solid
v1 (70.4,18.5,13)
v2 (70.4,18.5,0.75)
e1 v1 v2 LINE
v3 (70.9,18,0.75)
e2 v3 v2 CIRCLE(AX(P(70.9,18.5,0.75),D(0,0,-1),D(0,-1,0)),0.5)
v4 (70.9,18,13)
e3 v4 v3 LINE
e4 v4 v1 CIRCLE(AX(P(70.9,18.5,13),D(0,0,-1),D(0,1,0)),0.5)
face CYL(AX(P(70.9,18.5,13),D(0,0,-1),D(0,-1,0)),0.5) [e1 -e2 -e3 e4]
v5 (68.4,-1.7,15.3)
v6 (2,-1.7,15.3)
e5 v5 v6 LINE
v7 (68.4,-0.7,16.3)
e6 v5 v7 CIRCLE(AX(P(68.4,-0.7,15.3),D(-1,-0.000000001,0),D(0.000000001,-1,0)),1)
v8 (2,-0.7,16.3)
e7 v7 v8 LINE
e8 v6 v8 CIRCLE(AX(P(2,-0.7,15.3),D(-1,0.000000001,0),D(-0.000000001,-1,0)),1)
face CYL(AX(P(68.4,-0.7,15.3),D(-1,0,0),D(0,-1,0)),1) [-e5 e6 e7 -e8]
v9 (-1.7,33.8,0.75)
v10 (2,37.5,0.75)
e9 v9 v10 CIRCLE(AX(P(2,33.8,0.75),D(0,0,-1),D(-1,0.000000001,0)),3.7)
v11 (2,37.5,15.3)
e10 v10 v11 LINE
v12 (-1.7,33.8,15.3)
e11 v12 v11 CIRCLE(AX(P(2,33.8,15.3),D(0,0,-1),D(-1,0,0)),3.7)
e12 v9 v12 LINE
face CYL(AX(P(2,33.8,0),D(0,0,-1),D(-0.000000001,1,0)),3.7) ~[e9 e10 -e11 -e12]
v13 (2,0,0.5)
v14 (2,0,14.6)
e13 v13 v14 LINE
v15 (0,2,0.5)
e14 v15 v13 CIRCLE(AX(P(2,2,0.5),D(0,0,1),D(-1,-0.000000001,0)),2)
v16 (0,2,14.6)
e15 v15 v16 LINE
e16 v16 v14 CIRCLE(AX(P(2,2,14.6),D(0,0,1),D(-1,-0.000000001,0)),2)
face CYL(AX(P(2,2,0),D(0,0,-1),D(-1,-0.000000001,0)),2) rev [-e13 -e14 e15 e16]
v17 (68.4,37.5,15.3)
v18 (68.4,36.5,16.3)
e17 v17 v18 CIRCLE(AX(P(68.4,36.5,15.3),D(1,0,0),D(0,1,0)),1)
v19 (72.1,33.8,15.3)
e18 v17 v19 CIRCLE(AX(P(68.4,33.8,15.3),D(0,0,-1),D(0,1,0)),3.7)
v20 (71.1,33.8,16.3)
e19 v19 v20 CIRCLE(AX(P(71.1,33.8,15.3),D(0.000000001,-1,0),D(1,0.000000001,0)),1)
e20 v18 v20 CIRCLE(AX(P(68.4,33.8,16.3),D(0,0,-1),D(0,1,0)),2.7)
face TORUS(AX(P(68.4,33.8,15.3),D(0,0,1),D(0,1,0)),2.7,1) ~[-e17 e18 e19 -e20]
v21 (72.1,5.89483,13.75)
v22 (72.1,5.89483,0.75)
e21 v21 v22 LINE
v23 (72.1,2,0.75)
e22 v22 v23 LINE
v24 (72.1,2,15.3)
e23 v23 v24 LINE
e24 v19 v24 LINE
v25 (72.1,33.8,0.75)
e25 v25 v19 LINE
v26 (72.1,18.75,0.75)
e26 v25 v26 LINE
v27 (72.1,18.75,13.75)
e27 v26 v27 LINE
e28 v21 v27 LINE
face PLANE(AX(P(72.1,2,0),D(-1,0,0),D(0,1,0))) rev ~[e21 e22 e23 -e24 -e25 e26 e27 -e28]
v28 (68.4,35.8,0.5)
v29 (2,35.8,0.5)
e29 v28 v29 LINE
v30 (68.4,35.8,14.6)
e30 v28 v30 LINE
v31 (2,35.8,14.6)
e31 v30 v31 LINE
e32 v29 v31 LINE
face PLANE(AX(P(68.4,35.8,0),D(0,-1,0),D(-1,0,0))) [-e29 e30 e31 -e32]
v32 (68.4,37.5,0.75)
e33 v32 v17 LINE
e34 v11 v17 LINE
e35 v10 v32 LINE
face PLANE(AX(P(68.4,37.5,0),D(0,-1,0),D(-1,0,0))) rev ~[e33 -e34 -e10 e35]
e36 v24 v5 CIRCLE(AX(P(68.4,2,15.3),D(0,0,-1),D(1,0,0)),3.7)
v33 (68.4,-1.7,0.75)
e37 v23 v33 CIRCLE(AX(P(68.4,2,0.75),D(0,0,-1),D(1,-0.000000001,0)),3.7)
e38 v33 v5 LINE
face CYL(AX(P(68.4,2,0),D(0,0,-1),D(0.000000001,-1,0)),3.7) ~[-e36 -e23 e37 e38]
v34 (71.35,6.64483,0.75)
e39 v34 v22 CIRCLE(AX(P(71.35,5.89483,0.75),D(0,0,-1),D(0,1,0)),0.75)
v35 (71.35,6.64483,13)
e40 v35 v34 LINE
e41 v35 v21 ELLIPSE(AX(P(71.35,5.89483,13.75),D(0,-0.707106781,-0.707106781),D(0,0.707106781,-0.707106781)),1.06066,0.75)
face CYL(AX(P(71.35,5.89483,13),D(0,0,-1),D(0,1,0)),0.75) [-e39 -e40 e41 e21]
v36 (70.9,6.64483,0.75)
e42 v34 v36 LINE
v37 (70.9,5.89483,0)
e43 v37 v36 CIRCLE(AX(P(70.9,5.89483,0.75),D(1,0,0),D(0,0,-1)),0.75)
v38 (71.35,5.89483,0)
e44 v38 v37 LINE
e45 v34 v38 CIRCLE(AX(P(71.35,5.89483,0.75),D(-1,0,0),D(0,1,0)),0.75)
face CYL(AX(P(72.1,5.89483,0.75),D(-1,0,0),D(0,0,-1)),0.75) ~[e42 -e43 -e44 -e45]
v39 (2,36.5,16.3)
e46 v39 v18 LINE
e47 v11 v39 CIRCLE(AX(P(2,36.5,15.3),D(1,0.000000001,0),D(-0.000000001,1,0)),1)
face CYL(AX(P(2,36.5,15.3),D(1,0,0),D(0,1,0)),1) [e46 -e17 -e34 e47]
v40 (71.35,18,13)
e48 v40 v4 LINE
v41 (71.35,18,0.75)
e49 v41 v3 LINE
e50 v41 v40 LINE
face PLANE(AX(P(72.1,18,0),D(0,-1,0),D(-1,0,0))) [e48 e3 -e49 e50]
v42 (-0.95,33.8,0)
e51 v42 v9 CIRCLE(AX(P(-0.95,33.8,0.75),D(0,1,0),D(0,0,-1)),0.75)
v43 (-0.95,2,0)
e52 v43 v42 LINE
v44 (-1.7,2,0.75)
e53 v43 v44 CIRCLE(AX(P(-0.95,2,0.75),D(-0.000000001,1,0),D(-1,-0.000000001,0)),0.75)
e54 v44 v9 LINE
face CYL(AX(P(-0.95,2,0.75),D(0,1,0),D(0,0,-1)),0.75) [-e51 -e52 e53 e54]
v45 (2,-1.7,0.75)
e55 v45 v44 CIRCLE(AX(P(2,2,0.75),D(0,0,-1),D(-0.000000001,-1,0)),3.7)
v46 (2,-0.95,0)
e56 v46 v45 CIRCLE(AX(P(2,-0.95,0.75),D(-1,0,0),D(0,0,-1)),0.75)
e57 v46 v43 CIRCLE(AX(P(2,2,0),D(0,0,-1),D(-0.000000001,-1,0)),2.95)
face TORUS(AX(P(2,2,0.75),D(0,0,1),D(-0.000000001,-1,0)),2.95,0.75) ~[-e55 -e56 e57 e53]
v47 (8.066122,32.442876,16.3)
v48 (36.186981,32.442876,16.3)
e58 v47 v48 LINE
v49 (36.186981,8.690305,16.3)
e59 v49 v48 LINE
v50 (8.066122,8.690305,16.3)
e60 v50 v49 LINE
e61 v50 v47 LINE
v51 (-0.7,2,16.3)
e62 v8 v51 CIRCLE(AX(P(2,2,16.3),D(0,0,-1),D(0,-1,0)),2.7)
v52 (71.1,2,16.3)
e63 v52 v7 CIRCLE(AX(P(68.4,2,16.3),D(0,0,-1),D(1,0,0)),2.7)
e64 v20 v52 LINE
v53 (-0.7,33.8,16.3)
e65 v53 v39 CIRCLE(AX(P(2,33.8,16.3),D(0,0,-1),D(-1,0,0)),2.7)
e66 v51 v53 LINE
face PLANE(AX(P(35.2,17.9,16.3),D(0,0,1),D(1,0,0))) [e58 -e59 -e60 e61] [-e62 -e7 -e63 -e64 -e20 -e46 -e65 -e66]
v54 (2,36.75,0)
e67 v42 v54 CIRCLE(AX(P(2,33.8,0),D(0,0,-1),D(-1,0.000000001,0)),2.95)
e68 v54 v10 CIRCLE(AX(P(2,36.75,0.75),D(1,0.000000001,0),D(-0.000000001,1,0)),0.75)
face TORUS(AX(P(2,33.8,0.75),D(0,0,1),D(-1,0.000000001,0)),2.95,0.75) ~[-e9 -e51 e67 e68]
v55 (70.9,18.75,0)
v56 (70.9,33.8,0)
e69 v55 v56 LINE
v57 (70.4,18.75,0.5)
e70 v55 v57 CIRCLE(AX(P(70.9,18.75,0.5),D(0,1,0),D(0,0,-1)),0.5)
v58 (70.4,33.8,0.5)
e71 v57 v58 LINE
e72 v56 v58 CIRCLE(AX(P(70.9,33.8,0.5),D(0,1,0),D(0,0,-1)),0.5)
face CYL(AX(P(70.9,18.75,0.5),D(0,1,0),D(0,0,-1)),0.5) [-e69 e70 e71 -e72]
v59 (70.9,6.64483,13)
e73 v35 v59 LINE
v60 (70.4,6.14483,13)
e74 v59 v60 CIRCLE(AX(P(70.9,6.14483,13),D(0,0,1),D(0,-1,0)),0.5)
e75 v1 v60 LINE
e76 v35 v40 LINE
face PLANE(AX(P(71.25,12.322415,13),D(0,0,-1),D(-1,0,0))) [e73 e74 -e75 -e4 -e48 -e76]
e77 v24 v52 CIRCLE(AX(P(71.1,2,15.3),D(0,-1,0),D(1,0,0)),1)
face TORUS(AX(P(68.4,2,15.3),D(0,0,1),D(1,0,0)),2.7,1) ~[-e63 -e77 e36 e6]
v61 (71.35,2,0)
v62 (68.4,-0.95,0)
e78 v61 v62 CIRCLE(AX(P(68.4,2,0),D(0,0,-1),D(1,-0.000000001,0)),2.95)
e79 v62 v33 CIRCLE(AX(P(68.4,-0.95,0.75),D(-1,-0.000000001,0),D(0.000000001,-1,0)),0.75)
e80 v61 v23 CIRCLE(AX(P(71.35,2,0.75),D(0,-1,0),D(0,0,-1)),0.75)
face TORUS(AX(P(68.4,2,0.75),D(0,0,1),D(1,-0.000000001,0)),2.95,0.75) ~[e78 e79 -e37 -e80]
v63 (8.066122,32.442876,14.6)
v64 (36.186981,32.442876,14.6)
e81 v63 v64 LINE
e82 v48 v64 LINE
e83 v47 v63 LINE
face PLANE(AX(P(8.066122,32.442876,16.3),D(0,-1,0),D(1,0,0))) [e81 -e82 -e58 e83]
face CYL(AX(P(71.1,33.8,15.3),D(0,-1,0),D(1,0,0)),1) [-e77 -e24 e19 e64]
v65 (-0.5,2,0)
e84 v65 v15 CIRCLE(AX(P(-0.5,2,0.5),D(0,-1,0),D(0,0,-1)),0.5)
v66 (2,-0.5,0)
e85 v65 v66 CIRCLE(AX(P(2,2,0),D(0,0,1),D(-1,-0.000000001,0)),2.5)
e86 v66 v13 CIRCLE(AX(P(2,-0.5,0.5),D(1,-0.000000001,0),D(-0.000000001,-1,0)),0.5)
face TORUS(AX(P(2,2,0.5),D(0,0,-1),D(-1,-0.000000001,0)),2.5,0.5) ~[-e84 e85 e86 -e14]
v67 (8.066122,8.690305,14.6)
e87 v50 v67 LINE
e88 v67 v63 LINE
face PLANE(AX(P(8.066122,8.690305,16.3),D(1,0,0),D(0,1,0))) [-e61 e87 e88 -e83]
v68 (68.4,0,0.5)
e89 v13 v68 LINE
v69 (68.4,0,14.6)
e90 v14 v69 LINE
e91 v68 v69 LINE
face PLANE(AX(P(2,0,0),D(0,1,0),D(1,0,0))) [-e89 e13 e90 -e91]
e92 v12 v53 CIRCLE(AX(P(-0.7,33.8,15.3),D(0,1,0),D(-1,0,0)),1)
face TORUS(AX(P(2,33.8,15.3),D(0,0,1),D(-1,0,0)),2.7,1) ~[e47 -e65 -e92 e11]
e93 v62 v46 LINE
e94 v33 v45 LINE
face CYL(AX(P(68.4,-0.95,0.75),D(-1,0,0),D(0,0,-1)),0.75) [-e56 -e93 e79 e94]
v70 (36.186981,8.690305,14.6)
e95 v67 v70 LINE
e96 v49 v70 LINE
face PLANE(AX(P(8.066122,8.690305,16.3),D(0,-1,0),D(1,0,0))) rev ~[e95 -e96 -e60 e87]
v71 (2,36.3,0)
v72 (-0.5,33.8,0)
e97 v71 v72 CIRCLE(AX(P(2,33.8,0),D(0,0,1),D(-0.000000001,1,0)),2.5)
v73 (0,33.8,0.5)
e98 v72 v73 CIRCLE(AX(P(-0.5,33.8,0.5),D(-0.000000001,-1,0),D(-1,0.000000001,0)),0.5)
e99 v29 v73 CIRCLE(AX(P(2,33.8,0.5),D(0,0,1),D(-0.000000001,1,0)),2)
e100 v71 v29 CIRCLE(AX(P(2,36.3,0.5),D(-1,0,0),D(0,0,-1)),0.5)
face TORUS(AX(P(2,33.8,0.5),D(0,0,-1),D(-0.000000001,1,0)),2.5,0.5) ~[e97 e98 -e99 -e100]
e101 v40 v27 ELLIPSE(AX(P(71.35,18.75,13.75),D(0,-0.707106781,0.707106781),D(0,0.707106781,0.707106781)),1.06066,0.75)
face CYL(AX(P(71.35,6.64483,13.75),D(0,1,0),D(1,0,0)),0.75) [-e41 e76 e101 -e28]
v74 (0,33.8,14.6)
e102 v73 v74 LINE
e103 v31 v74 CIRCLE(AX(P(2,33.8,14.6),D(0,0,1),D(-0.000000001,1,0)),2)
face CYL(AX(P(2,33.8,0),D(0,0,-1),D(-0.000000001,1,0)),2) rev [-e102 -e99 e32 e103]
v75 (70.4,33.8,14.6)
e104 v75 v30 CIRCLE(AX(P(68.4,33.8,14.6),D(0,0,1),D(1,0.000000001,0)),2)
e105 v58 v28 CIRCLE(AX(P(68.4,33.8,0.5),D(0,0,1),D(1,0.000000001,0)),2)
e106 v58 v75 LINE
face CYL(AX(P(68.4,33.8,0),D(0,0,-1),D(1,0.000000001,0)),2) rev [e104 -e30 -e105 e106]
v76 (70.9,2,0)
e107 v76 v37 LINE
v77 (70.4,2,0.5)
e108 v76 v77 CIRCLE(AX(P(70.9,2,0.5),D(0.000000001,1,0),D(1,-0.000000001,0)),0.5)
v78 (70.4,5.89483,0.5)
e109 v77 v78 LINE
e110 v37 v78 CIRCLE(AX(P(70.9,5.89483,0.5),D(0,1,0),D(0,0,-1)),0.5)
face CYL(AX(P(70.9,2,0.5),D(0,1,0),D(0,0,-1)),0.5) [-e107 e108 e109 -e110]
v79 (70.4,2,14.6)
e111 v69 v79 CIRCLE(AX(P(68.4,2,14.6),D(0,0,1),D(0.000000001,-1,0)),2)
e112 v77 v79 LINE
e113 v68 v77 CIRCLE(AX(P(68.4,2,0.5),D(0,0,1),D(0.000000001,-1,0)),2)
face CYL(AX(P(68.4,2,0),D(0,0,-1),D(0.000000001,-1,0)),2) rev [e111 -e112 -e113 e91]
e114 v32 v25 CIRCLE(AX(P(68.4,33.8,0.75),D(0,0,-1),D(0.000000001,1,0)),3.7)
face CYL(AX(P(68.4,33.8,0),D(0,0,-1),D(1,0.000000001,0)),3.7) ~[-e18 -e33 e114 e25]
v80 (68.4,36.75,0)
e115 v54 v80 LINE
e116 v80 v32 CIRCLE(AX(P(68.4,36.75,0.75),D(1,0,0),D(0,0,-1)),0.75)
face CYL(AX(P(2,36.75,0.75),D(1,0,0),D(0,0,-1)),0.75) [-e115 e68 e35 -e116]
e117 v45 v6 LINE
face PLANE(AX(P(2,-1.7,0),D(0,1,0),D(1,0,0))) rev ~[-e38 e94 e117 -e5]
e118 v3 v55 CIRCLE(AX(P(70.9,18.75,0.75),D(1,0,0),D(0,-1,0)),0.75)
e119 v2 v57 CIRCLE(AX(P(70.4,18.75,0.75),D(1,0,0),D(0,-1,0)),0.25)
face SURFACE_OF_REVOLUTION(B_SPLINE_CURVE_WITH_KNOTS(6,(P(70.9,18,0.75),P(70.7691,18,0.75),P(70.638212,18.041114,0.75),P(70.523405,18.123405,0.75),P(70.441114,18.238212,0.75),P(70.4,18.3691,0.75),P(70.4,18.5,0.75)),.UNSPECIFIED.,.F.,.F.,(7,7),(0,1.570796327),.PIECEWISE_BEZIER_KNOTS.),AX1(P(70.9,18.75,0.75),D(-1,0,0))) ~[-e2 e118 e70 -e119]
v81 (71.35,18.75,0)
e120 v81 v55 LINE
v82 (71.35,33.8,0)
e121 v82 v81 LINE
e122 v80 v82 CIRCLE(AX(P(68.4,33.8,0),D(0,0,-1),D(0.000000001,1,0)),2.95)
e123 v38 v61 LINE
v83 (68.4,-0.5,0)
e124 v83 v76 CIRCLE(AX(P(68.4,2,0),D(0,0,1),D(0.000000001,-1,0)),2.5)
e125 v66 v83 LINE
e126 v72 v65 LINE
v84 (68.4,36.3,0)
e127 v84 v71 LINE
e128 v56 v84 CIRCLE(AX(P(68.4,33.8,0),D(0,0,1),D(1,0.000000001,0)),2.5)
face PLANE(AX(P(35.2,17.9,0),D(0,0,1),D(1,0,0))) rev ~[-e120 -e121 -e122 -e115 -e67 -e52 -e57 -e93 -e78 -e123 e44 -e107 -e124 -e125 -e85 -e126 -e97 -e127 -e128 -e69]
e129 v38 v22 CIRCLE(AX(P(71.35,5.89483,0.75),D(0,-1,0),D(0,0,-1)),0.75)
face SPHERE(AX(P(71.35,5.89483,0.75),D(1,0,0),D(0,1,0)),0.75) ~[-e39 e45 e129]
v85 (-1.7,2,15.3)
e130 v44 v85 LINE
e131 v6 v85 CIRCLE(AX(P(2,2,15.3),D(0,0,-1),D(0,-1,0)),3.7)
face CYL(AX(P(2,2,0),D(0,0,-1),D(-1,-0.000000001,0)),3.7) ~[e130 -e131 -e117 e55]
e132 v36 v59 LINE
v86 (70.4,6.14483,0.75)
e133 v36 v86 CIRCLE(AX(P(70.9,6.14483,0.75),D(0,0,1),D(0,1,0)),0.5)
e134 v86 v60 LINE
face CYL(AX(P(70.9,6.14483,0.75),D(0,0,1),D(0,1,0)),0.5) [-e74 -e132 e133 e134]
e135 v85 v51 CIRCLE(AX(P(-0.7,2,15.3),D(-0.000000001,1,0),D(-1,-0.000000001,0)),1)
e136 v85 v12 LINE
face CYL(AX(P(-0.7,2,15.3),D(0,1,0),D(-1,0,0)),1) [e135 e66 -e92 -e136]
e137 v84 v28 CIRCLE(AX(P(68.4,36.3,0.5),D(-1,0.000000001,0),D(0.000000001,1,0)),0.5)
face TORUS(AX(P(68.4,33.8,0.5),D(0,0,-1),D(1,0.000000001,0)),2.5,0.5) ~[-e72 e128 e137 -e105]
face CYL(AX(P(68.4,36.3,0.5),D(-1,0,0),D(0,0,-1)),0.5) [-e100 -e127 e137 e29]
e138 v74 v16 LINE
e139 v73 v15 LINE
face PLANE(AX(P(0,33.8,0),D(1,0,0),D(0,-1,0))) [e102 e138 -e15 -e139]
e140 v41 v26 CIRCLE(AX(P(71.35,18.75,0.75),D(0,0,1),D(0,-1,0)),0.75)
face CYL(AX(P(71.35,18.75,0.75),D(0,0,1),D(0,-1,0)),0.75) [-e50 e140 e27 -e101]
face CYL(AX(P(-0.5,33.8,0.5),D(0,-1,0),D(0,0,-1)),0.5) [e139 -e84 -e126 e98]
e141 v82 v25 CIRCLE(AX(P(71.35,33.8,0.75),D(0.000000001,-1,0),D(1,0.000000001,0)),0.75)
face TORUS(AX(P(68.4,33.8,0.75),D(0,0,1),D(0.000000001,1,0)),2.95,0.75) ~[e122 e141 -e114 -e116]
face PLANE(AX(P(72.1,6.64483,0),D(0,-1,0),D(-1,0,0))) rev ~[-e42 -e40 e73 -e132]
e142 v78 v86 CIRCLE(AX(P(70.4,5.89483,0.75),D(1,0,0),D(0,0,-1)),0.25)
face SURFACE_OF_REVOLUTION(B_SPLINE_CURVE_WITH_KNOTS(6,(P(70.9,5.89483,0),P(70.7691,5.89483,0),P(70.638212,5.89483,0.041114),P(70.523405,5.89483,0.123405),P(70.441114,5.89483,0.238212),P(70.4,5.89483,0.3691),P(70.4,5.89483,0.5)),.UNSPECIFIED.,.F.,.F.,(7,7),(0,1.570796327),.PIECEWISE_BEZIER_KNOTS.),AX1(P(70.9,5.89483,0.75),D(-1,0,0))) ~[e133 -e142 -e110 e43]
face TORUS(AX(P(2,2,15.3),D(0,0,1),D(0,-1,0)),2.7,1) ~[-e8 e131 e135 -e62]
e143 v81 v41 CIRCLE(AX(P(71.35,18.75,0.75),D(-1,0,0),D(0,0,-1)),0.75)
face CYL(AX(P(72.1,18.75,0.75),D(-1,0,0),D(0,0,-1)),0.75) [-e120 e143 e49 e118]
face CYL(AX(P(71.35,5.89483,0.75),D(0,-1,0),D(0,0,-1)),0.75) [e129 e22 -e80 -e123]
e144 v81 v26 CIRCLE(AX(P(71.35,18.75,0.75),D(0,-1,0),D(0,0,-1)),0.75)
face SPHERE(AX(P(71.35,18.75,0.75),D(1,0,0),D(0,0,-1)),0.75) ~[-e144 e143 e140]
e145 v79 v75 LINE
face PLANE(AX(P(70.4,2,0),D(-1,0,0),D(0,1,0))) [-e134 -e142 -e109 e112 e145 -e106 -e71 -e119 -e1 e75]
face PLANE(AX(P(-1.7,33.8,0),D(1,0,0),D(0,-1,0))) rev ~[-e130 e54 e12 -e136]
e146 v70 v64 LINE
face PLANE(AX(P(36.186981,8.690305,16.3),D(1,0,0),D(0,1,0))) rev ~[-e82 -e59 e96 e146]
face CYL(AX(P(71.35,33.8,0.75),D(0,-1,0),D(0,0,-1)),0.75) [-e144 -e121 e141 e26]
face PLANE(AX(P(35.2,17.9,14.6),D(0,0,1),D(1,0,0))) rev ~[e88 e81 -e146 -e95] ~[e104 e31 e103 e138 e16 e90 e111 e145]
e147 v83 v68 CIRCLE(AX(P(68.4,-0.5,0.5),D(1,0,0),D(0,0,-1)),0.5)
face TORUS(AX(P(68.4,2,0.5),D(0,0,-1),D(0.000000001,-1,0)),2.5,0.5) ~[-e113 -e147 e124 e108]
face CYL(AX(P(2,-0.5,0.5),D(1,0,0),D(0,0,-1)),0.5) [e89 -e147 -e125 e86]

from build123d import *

# Parameters (mm, degrees)
BOSS_EXTRU_1_DEPTH      = 14.6
COQUE1_T                = 1.7
ESQUISSE7_W             = 1.7
ESQUISSE7_H             = 11.355170452
ENL_V_MAT_EXTRU_2_DEPTH = 13
CONG_2_R                = 0.75
ESQUISSE9_W             = 28.120859144
ESQUISSE9_H             = 23.752570345
ENL_V_MAT_EXTRU_3_DEPTH = 3
CONG_4_R                = 1
CONG_5_R                = 0.75
CONG_6_R                = 0.5


with BuildPart() as part:
    # Esquisse1 → Boss.-Extru.1 (new body)
    with BuildSketch(Plane.XY):
        with BuildLine():
            Line((2, 0), (68.4, 0))
            ThreePointArc((68.4, 0), (69.814213562, 0.585786438), (70.4, 2))
            Line((70.4, 2), (70.4, 33.8))
            ThreePointArc((70.4, 33.8), (69.814213562, 35.214213562), (68.4, 35.8))
            Line((68.4, 35.8), (2, 35.8))
            ThreePointArc((2, 35.8), (0.585786438, 35.214213562), (0, 33.8))
            Line((0, 33.8), (0, 2))
            ThreePointArc((0, 2), (0.585786438, 0.585786438), (2, 0))
        make_face()
    extrude(amount=BOSS_EXTRU_1_DEPTH)

    # Coque1
    coque1_openings = [part.faces().sort_by_distance(p)[0] for p in [
        (35.2, 17.9, 0),
    ]]
    offset(amount=COQUE1_T, openings=coque1_openings, kind=Kind.INTERSECTION)

    # Esquisse7 → Enlèv. mat.-Extru.2 (cut)
    with BuildSketch(Plane(origin=(0, 0, 0), x_dir=(-1, 0, 0), z_dir=(0, 0, -1))):
        with Locations((-71.25, 12.322414774)):
            Rectangle(ESQUISSE7_W, ESQUISSE7_H)
    extrude(amount=-ENL_V_MAT_EXTRU_2_DEPTH, mode=Mode.SUBTRACT)

    # Congé2
    cong_2_edges = [part.edges().sort_by_distance(p)[0] for p in [
        (71.25, 6.644829548, 0),
        (71.25, 18, 0),
    ]]
    fillet(cong_2_edges, radius=CONG_2_R)

    # Esquisse9 → Enlèv. mat.-Extru.3 (cut)
    with BuildSketch(Plane.XY.offset(16.3)):
        with Locations((22.126551481, 20.566590434)):
            Rectangle(ESQUISSE9_W, ESQUISSE9_H)
    extrude(amount=-ENL_V_MAT_EXTRU_3_DEPTH, mode=Mode.SUBTRACT)

    # Congé4
    cong_4_edges = [part.edges().sort_by_distance(p)[0] for p in [
        (-0.61629509, -0.61629509, 16.3),
        (35.2, -1.7, 16.3),
        (71.01629509, -0.61629509, 16.3),
        (72.1, 17.9, 16.3),
        (71.01629509, 36.41629509, 16.3),
        (35.2, 37.5, 16.3),
        (-0.61629509, 36.41629509, 16.3),
        (-1.7, 17.9, 16.3),
    ]]
    fillet(cong_4_edges, radius=CONG_4_R)

    # Congé5
    cong_5_edges = [part.edges().sort_by_distance(p)[0] for p in [
        (-1.7, 17.9, 0),
        (-0.61629509, 36.41629509, 0),
        (72.1, 12.322414774, 13),
        (72.1, 6.644829548, 6.875),
        (72.1, 18, 6.875),
        (72.1, 26.275, 0),
        (72.1, 18.219669914, 0.219669914),
        (72.1, 6.425159634, 0.219669914),
        (35.2, 37.5, 0),
        (71.01629509, 36.41629509, 0),
        (72.1, 3.947414774, 0),
        (71.01629509, -0.61629509, 0),
        (35.2, -1.7, 0),
        (-0.61629509, -0.61629509, 0),
    ]]
    fillet(cong_5_edges, radius=CONG_5_R)

    # Congé6
    cong_6_edges = [part.edges().sort_by_distance(p)[0] for p in [
        (0.585786438, 35.214213562, 0),
        (0, 17.9, 0),
        (0.585786438, 0.585786438, 0),
        (35.2, 0, 0),
        (69.814213562, 0.585786438, 0),
        (70.4, 3.947414774, 0),
        (69.814213562, 35.214213562, 0),
        (35.2, 35.8, 0),
        (70.4, 18, 6.875),
        (70.4, 6.644829548, 6.875),
        (70.4, 26.275, 0),
        (70.4, 18.219669914, 0.219669914),
        (70.4, 6.425159634, 0.219669914),
    ]]
    fillet(cong_6_edges, radius=CONG_6_R)


solid = part.part
